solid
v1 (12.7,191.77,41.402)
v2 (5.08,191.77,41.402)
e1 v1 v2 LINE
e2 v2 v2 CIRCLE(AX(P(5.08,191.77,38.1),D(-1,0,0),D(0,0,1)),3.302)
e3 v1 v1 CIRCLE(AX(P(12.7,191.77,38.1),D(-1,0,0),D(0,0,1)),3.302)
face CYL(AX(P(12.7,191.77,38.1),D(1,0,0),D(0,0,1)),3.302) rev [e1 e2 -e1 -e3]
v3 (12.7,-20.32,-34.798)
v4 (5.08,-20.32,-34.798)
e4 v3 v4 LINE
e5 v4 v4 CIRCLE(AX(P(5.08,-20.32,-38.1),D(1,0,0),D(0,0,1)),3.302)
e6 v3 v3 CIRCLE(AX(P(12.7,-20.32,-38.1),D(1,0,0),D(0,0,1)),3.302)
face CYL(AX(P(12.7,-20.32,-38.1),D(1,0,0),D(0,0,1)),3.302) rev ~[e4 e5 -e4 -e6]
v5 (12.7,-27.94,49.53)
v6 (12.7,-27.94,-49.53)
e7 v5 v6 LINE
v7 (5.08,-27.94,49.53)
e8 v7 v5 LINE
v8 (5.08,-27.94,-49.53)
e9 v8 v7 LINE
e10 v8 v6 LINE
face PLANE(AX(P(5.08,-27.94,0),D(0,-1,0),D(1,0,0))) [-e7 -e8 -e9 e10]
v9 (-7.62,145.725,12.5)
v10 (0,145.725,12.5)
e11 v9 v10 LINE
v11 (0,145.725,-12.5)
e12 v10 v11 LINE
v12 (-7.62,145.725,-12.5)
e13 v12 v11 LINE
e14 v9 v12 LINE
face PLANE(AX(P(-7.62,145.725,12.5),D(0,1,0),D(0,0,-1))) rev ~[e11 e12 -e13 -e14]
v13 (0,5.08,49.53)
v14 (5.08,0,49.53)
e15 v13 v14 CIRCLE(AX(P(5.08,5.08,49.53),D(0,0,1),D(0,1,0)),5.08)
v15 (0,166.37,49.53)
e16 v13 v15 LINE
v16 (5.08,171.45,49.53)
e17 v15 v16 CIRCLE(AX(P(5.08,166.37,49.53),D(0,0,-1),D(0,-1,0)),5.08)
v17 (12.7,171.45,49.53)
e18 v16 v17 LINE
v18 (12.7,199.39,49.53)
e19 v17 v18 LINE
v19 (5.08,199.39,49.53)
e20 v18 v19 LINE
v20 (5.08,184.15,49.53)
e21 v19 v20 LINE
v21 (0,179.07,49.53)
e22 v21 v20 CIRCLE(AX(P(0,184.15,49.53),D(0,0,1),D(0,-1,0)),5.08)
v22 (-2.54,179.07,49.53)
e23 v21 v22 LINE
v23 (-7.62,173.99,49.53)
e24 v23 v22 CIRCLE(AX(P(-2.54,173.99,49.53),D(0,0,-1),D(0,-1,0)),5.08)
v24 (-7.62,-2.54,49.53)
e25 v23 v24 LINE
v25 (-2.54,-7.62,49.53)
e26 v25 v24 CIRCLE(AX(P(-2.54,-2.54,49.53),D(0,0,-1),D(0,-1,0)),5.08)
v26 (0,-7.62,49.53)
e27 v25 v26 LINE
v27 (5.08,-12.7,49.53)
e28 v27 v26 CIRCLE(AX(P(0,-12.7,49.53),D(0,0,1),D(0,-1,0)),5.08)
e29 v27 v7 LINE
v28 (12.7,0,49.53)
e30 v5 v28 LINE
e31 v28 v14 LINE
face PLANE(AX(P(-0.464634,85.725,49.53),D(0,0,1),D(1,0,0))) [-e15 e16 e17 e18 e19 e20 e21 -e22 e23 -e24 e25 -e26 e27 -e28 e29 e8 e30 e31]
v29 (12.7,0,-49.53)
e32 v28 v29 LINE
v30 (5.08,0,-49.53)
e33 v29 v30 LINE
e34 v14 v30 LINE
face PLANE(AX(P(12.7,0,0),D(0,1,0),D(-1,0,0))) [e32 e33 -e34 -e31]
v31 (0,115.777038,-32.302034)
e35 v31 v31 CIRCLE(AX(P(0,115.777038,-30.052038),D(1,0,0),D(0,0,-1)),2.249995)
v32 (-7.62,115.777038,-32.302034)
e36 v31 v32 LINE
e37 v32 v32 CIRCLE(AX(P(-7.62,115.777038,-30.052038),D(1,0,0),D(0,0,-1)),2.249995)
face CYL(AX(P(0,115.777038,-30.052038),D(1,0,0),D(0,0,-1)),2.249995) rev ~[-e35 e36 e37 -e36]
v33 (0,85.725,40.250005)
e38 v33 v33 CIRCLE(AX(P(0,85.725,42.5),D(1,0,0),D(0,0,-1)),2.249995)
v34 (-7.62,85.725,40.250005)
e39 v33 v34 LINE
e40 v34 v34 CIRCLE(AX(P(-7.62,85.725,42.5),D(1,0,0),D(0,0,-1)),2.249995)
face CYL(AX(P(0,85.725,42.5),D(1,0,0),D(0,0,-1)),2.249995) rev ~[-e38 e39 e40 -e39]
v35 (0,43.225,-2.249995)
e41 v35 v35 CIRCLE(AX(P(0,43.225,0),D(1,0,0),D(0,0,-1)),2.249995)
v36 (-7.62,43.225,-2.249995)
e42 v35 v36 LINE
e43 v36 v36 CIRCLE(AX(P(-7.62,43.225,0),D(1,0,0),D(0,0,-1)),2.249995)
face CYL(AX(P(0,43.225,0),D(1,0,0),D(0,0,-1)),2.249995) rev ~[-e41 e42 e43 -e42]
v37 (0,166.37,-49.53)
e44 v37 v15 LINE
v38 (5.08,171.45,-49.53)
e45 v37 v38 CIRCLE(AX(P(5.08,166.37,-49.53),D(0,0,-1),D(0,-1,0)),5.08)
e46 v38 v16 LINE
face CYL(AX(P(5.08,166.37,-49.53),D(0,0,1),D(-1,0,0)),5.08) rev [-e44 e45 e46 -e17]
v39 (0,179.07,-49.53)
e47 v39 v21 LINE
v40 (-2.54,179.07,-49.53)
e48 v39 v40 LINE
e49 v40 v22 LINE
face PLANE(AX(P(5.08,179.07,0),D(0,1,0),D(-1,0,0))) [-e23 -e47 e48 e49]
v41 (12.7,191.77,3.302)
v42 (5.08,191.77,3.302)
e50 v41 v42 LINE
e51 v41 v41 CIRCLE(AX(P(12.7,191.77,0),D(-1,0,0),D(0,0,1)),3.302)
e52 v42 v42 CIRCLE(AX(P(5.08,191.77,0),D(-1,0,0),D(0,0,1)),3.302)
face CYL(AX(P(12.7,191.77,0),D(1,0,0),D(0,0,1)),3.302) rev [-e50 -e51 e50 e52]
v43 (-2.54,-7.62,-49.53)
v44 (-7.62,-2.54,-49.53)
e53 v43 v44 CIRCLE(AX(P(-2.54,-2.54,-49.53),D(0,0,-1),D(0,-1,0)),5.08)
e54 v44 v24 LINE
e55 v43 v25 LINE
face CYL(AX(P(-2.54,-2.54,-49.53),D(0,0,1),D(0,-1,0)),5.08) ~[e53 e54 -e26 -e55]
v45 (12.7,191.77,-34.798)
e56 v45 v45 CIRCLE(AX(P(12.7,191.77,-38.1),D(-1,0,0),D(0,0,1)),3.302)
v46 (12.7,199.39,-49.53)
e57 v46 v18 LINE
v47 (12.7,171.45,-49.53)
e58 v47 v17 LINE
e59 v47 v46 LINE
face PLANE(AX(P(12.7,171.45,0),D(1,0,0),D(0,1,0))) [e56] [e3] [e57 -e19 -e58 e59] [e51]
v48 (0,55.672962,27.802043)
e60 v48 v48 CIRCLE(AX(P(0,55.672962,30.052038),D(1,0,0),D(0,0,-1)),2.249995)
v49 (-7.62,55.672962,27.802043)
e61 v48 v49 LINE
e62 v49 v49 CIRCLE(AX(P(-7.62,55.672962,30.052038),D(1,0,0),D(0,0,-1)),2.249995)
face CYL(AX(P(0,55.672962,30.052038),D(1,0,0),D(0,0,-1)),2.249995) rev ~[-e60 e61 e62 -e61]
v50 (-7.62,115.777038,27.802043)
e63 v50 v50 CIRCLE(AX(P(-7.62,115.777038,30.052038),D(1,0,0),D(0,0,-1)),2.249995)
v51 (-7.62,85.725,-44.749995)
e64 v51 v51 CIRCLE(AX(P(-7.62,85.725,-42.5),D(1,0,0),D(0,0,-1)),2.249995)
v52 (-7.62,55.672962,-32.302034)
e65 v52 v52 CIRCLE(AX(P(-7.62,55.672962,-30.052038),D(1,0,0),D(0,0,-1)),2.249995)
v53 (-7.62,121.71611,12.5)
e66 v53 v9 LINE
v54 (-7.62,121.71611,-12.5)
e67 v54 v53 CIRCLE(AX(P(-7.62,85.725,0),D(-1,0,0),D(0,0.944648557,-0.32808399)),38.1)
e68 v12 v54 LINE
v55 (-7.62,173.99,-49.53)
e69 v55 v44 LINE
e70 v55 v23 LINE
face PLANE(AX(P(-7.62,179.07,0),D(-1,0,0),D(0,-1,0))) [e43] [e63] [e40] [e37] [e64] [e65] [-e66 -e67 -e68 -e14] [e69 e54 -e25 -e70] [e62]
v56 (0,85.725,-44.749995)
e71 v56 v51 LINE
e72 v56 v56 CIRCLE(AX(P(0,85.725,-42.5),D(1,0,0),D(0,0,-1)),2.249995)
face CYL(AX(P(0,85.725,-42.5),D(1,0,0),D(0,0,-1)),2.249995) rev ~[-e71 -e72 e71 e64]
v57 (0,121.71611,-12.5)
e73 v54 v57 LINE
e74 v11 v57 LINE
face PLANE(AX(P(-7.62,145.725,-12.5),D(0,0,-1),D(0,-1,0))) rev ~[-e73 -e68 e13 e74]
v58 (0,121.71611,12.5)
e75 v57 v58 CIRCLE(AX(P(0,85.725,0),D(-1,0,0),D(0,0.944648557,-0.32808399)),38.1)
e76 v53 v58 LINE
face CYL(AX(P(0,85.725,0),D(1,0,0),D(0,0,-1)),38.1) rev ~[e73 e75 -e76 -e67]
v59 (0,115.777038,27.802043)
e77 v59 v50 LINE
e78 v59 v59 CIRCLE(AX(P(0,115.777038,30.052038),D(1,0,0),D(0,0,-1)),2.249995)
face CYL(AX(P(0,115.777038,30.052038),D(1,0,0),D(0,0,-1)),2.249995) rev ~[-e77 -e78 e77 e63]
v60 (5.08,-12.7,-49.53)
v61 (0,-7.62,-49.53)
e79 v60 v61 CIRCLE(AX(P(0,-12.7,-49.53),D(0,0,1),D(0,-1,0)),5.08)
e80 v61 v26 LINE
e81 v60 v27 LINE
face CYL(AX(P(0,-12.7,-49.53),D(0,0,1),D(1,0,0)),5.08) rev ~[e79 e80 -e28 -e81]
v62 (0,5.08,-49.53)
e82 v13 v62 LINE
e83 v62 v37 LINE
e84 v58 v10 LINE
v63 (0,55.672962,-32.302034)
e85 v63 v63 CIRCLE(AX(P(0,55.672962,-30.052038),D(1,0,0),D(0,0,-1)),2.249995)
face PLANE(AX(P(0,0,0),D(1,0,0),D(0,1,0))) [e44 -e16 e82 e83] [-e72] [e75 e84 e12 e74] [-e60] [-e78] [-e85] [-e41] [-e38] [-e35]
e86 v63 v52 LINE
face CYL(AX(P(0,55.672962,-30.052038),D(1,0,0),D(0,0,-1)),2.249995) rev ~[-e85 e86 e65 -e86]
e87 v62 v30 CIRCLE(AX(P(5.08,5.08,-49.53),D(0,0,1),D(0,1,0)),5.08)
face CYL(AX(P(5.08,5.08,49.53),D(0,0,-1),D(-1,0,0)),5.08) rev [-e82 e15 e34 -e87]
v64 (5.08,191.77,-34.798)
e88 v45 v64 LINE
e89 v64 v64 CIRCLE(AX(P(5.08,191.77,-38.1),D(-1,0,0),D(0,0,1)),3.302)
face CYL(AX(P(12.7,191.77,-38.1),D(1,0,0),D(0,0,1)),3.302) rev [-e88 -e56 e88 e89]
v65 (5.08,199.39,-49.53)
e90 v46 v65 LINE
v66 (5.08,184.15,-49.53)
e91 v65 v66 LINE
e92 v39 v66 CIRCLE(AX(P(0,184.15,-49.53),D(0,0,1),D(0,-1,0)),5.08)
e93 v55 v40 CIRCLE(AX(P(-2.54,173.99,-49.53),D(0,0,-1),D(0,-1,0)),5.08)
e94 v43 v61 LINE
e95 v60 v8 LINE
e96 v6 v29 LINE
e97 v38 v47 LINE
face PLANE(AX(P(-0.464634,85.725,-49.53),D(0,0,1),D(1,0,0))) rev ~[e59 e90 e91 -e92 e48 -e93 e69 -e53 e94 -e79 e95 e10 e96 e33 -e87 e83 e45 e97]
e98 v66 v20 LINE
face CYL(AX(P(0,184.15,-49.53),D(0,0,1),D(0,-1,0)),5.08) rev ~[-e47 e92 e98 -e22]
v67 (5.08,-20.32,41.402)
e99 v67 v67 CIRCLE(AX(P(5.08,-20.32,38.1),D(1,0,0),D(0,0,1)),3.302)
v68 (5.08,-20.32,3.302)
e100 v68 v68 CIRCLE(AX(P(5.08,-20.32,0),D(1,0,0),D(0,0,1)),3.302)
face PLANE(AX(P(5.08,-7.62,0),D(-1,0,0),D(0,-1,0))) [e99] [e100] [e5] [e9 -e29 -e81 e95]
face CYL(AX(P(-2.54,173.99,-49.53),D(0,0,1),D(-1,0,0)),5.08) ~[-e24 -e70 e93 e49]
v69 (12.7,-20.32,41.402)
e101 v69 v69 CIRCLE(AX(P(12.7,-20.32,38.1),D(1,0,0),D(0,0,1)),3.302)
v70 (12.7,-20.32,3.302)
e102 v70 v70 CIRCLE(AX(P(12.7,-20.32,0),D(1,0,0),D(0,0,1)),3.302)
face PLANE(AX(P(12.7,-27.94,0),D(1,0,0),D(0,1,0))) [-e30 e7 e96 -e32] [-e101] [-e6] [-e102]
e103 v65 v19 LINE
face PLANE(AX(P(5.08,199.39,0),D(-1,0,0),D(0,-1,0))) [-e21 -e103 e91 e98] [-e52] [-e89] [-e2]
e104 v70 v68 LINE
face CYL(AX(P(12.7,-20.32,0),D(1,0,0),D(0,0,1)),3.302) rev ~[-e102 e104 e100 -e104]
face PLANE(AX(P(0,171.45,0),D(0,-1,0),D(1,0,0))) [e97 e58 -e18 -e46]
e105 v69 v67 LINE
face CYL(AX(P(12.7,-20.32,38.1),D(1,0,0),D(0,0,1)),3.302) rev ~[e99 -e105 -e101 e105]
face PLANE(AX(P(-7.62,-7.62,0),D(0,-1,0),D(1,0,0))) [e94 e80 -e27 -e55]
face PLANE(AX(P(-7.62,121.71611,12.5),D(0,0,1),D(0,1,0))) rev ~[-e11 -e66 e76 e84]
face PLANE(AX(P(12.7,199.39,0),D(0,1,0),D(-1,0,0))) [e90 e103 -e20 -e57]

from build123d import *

# Parameters (mm, degrees)
BOSS_EXTRUDE1_DEPTH = 49.53
FILLET1_R           = 5.08
SKETCH7_R           = 2.2499955
SKETCH7_R_2         = 38.1
CUT_EXTRUDE1_DEPTH  = 26.67
CUT_EXTRUDE2_START  = -7.62
SKETCH8_R           = 3.302
CUT_EXTRUDE2_DEPTH  = 7.62
CUT_EXTRUDE3_DEPTH  = 7.62


with BuildPart() as part:
    # Sketch1 → Boss-Extrude1 (new body, symmetric)
    with BuildSketch(Plane.XY):
        Polygon((0, 0), (0, 171.45), (12.7, 171.45), (12.7, 179.07), (12.7, 199.39), (5.08, 199.39), (5.08, 179.07), (-7.62, 179.07), (-7.62, 171.45), (-7.62, -7.62), (5.08, -7.62), (5.08, -27.94), (12.7, -27.94), (12.7, -7.62), (12.7, 0), align=None)
    extrude(amount=BOSS_EXTRUDE1_DEPTH, both=True)

    # Fillet1
    fillet1_edges = [part.edges().sort_by_distance(p)[0] for p in [
        (5.08, -7.62, 0),
        (-7.62, -7.62, 0),
        (-7.62, 179.07, 0),
        (5.08, 179.07, 0),
        (0, 171.45, 0),
        (0, 0, 0),
    ]]
    fillet(fillet1_edges, radius=FILLET1_R)

    # Sketch7 → Cut-Extrude1 (cut)
    with BuildSketch(Plane(origin=(0, 0, 0), x_dir=(0, 0, -1), z_dir=(1, 0, 0))):
        with Locations((-42.5, 85.725)):
            Circle(SKETCH7_R)
        with Locations((-30.0520382, 115.7770382)):
            Circle(SKETCH7_R)
        with Locations((0, 128.225)):
            Circle(SKETCH7_R)
        with Locations((30.0520382, 115.7770382)):
            Circle(SKETCH7_R)
        with Locations((42.5, 85.725)):
            Circle(SKETCH7_R)
        with Locations((30.0520382, 55.6729618)):
            Circle(SKETCH7_R)
        with Locations((0, 43.225)):
            Circle(SKETCH7_R)
        with Locations((-30.0520382, 55.6729618)):
            Circle(SKETCH7_R)
        with Locations((0, 85.725)):
            Circle(SKETCH7_R_2)
    extrude(amount=-CUT_EXTRUDE1_DEPTH, mode=Mode.SUBTRACT)

    # Sketch8 → Cut-Extrude2 (cut)
    with BuildSketch(Plane.ZY.offset(-5.08).offset(CUT_EXTRUDE2_START)):
        with Locations((-38.1, 191.77)):
            Circle(SKETCH8_R)
        with Locations((0, 191.77)):
            Circle(SKETCH8_R)
        with Locations((38.1, 191.77)):
            Circle(SKETCH8_R)
    cut_extrude2 = extrude(amount=CUT_EXTRUDE2_DEPTH, mode=Mode.SUBTRACT)

    # Mirror1: Cut-Extrude2 across plane
    add(cut_extrude2.mirror(Plane.ZX.offset(85.725)), mode=Mode.SUBTRACT)

    # Sketch14 → Cut-Extrude3 (cut)
    with BuildSketch(Plane.ZY.offset(7.62)):
        with BuildLine():
            Line((12.5, 121.716110013), (12.5, 145.725))
            Line((12.5, 145.725), (-12.5, 145.725))
            Line((-12.5, 145.725), (-12.5, 121.716110013))
            ThreePointArc((-12.5, 121.716110013), (0, 123.825), (12.5, 121.716110013))
        make_face()
    extrude(amount=-CUT_EXTRUDE3_DEPTH, mode=Mode.SUBTRACT)


solid = part.part
